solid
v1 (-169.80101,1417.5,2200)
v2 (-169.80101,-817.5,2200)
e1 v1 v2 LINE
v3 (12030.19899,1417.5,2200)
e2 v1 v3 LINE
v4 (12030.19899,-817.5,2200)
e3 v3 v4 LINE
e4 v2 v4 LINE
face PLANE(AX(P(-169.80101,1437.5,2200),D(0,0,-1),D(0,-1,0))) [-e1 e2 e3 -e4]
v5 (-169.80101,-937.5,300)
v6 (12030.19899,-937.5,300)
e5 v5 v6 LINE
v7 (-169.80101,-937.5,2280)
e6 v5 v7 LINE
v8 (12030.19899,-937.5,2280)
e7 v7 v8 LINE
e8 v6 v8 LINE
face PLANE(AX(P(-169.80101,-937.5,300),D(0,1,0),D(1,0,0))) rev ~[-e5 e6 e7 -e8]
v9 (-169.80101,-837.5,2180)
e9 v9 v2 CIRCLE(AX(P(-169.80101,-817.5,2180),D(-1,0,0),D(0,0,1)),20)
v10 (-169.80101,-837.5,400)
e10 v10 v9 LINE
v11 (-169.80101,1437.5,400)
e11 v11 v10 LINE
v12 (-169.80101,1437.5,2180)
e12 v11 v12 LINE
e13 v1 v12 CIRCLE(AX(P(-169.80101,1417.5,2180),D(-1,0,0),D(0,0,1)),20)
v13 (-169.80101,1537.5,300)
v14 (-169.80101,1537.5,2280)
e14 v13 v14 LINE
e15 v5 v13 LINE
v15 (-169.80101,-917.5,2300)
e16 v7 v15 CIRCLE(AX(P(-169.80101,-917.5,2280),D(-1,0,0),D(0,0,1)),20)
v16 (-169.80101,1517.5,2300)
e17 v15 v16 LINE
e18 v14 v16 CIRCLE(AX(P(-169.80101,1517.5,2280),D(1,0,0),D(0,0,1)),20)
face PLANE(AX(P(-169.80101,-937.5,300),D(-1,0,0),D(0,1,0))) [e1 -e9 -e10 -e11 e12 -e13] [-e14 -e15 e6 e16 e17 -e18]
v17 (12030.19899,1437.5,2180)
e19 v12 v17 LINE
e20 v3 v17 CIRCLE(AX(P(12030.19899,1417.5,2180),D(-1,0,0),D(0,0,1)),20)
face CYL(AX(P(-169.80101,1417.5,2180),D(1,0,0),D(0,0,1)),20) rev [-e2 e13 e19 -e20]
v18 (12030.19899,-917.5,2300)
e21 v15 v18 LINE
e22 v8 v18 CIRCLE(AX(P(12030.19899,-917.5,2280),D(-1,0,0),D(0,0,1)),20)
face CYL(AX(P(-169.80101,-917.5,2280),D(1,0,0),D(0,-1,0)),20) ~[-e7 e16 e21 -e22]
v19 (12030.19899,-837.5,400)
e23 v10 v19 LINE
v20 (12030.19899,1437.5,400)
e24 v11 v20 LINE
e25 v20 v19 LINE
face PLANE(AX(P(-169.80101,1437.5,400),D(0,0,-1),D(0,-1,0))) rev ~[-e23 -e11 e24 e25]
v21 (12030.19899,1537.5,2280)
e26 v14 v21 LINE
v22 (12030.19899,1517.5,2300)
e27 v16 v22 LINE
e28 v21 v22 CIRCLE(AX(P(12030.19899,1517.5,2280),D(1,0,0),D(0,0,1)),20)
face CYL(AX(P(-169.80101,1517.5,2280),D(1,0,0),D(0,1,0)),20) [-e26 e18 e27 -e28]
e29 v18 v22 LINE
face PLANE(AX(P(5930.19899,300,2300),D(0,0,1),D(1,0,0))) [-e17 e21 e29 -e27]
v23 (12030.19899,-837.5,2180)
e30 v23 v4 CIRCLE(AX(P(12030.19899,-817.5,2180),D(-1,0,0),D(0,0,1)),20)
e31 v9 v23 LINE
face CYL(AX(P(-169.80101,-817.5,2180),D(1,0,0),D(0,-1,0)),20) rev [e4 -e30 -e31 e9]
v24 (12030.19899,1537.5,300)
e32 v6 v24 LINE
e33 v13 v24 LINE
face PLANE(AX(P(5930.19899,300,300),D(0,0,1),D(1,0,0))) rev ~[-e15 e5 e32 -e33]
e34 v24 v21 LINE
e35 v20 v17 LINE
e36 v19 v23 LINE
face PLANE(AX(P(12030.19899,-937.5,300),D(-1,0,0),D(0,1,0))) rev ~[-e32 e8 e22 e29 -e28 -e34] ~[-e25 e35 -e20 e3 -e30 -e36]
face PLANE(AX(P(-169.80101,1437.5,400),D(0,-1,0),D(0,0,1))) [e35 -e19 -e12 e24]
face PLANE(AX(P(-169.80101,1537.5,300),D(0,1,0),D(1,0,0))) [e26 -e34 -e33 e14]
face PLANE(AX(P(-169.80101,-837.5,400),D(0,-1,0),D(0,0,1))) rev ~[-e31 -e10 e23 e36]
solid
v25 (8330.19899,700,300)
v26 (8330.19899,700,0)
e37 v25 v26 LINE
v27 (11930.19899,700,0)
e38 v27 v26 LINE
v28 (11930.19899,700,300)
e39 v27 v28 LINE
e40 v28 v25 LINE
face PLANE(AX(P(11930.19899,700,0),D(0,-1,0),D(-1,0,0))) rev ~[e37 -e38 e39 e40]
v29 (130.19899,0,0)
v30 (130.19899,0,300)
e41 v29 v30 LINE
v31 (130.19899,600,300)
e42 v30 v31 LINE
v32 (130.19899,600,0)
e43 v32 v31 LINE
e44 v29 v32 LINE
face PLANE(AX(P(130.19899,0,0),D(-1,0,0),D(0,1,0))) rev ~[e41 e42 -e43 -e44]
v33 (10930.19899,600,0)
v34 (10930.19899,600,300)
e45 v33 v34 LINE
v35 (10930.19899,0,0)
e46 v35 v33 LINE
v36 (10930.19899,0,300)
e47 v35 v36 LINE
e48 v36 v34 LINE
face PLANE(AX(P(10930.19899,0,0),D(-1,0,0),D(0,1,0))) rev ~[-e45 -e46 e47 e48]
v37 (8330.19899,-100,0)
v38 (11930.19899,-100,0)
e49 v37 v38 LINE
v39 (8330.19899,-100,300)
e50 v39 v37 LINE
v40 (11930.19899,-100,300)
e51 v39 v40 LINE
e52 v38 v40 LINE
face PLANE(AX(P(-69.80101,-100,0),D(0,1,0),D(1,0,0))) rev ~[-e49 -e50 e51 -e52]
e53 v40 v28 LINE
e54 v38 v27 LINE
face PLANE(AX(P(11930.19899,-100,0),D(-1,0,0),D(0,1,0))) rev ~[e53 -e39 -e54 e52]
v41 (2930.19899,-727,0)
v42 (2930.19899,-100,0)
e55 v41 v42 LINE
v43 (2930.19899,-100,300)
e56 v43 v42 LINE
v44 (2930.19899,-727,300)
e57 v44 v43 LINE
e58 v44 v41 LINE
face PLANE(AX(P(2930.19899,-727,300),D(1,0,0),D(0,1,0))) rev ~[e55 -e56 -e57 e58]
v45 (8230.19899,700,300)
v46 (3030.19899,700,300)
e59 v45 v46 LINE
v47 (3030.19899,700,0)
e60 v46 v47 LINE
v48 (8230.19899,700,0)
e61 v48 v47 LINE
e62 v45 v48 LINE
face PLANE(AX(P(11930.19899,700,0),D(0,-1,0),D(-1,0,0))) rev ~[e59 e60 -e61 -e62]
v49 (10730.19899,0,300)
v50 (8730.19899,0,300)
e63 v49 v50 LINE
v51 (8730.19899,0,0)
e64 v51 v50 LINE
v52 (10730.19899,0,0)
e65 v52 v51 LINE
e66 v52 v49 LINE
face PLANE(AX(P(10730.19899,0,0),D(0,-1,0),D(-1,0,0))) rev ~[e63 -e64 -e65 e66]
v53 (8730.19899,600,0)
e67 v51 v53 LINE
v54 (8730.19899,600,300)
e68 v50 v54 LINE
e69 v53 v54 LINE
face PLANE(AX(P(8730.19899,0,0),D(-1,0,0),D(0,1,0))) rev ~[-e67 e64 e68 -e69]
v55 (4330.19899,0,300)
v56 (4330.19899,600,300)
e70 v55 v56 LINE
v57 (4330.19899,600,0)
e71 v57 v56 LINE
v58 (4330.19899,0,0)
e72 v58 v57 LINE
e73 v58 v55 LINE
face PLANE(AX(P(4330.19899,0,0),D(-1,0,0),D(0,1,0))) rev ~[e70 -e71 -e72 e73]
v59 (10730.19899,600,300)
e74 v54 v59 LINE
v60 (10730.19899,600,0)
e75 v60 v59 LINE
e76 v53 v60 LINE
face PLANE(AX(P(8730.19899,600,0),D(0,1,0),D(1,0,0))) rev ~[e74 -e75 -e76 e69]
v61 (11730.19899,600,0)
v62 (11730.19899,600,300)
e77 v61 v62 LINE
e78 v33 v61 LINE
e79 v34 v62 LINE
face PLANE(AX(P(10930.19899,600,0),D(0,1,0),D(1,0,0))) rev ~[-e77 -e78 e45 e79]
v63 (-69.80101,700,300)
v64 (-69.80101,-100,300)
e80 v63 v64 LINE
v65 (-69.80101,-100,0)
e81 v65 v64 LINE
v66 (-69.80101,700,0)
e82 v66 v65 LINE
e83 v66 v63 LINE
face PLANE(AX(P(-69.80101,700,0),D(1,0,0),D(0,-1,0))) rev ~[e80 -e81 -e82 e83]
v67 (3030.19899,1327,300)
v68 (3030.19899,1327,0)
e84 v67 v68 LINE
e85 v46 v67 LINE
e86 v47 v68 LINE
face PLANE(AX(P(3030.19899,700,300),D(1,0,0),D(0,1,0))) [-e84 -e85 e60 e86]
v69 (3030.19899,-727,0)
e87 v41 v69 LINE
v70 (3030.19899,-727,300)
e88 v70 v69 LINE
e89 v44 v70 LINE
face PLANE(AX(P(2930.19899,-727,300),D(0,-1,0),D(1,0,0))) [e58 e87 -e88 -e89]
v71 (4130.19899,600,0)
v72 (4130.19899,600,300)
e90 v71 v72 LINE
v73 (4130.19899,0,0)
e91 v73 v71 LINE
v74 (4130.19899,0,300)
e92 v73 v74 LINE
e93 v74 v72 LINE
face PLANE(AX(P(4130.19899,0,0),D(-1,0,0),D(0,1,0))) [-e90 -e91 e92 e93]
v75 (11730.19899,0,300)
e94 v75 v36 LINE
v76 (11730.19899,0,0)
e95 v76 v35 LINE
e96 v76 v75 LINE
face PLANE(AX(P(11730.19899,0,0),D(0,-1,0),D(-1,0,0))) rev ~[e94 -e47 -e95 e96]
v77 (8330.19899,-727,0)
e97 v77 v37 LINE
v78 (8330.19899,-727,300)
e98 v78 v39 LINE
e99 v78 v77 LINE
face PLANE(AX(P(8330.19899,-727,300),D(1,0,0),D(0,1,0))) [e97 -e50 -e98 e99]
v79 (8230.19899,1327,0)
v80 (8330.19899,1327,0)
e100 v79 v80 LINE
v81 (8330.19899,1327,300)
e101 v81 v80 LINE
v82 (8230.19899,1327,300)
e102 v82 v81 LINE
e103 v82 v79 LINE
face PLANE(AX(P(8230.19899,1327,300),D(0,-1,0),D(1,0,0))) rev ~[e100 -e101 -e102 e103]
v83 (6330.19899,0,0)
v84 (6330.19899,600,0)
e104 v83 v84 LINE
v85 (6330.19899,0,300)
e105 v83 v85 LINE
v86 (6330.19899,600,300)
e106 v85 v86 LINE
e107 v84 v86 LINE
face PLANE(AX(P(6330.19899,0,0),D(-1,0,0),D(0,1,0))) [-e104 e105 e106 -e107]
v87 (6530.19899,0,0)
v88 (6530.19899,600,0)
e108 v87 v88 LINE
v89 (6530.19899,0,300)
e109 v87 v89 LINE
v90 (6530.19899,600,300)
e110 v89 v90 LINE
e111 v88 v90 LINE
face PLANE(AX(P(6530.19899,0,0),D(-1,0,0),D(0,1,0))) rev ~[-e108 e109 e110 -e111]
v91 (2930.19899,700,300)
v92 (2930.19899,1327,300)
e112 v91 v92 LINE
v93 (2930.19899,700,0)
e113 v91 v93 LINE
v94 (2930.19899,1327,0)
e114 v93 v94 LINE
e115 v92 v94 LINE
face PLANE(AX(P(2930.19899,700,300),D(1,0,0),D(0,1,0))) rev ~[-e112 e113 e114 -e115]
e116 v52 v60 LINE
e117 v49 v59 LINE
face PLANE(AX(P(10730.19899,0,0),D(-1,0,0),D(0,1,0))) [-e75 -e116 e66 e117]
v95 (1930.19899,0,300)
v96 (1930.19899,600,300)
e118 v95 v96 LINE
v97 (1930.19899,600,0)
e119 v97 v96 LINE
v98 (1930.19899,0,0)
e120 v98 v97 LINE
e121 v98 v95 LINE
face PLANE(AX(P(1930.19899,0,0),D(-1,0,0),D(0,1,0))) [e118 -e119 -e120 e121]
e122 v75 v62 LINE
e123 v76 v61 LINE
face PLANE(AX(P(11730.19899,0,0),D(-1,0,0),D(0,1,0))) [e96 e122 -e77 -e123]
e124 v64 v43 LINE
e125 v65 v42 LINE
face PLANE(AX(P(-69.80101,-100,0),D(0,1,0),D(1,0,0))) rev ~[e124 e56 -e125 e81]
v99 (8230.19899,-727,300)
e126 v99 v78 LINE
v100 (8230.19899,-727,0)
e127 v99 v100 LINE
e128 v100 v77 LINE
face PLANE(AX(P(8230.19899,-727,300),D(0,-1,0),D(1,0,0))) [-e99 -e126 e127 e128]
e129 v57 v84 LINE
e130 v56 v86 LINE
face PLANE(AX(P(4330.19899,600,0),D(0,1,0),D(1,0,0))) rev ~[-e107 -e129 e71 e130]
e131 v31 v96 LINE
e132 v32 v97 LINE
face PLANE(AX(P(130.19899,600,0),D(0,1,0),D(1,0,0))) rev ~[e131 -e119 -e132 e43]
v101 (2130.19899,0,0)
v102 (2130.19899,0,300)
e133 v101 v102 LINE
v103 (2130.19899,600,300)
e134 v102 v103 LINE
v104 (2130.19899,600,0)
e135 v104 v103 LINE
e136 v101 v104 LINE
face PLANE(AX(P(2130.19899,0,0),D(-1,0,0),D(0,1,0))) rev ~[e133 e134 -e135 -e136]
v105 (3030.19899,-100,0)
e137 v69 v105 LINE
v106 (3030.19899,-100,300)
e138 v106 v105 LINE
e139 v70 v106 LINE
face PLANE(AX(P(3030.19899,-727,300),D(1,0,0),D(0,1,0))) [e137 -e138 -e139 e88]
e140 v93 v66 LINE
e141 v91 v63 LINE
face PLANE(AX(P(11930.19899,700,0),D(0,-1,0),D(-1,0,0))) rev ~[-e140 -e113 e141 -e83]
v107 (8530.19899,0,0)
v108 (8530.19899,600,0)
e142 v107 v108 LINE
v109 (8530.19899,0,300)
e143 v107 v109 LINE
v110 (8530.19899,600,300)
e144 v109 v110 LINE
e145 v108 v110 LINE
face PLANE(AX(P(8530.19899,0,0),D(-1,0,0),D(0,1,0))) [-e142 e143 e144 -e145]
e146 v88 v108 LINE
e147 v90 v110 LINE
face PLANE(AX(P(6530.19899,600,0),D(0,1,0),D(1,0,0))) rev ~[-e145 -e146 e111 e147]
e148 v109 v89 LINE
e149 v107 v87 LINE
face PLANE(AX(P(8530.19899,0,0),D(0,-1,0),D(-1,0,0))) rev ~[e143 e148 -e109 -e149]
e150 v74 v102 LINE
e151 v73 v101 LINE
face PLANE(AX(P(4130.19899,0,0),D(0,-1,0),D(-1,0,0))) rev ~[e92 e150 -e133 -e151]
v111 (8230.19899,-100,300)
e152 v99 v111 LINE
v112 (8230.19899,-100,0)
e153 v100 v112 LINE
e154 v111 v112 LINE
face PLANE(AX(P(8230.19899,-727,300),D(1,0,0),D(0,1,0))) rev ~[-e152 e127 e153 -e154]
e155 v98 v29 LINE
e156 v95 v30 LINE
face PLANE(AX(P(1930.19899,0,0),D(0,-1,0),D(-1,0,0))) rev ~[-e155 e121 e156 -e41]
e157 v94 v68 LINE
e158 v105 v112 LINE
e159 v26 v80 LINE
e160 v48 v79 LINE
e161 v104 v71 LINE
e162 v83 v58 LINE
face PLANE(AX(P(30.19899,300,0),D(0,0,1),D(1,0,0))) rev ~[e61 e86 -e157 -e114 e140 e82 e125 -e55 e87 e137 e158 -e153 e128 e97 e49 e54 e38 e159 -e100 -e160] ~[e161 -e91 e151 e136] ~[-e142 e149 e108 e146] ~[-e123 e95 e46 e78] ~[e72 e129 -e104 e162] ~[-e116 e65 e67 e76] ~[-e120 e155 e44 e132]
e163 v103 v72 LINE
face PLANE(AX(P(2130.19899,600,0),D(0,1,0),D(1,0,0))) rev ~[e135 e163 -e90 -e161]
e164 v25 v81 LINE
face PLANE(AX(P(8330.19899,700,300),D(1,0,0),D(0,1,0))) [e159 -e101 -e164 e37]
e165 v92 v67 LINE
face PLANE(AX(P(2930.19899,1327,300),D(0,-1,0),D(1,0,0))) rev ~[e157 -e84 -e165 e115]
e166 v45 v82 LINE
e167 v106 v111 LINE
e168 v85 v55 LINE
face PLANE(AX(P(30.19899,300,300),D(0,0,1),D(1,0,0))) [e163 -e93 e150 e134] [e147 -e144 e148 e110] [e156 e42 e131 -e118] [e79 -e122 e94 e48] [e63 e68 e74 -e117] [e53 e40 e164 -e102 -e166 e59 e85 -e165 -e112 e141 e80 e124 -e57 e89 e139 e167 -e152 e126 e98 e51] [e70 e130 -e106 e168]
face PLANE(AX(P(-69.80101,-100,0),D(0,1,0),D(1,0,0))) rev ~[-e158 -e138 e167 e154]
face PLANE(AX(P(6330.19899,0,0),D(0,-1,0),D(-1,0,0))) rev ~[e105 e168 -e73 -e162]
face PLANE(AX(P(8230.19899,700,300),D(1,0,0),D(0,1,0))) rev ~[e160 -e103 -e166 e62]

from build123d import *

# Parameters (mm, degrees)
F0_W     = 200
F0_H     = 600
F1_DEPTH = 300
F2_W     = 100
F2_H     = 627
F3_DEPTH = 300
F4_W     = 12200
F4_H     = 2475
F4_W_2   = 1800
F4_H_2   = 600
F4_W_3   = 2000
F4_W_4   = 800
F5_DEPTH = 2000
F6_R     = 20
F7_W     = 2275
F7_H     = 1800
F8_DEPTH = 12500
F9_R     = 20


with BuildPart() as f1:
    # F0 (on Top) → F1 (new body)
    with BuildSketch(Plane.XY):
        with Locations((30.1989898086, 300)):
            Rectangle(F0_W, F0_H)
        with Locations((2030.1989898086, 300)):
            Rectangle(F0_W, F0_H)
        Polygon((130.1989898086, 0), (-69.8010101914, 0), (-69.8010101914, -100), (11930.1989898086, -100), (11930.1989898086, 0), (11730.1989898086, 0), (10930.1989898086, 0), (10730.1989898086, 0), (8730.1989898086, 0), (8530.1989898086, 0), (6530.1989898086, 0), (6330.1989898086, 0), (4330.1989898086, 0), (4130.1989898086, 0), (2130.1989898086, 0), (1930.1989898086, 0), align=None)
        Polygon((-69.8010101914, 700), (-69.8010101914, 600), (130.1989898086, 600), (1930.1989898086, 600), (2130.1989898086, 600), (4130.1989898086, 600), (4330.1989898086, 600), (6330.1989898086, 600), (6530.1989898086, 600), (8530.1989898086, 600), (8730.1989898086, 600), (10730.1989898086, 600), (10930.1989898086, 600), (11730.1989898086, 600), (11930.1989898086, 600), (11930.1989898086, 700), align=None)
        with Locations((4230.1989898086, 300)):
            Rectangle(F0_W, F0_H)
        with Locations((6430.1989898086, 300)):
            Rectangle(F0_W, F0_H)
        with Locations((8630.1989898086, 300)):
            Rectangle(F0_W, F0_H)
        with Locations((10830.1989898086, 300)):
            Rectangle(F0_W, F0_H)
        with Locations((11830.1989898086, 300)):
            Rectangle(F0_W, F0_H)
    extrude(amount=F1_DEPTH)

    # F2 (on face) → F3 (join)
    with BuildSketch(Plane.XY.offset(300)):
        with Locations((2980.1989898086, -413.5)):
            Rectangle(F2_W, F2_H)
        with Locations((2980.1989898086, 1013.5)):
            Rectangle(F2_W, F2_H)
        with Locations((8280.1989898086, -413.5)):
            Rectangle(F2_W, F2_H)
        with Locations((8280.1989898086, 1013.5)):
            Rectangle(F2_W, F2_H)
    extrude(amount=-F3_DEPTH)


with BuildPart() as f5:
    # F4 (on face) → F5 (new body)
    with BuildSketch(Plane.XY.offset(300)):
        with Locations((5930.1989898086, 300)):
            Rectangle(F4_W, F4_H)
        Polygon((2930.1989898086, -100), (-69.8010101914, -100), (-69.8010101914, 700), (2930.1989898086, 700), (2930.1989898086, 1327), (3030.1989898086, 1327), (3030.1989898086, 700), (8230.1989898086, 700), (8230.1989898086, 1327), (8330.1989898086, 1327), (8330.1989898086, 700), (11930.1989898086, 700), (11930.1989898086, -100), (8330.1989898086, -100), (8330.1989898086, -727), (8230.1989898086, -727), (8230.1989898086, -100), (3030.1989898086, -100), (3030.1989898086, -727), (2930.1989898086, -727), align=None, mode=Mode.SUBTRACT)
        Polygon((-69.8010101914, 700), (-69.8010101914, -100), (2930.1989898086, -100), (2930.1989898086, -727), (3030.1989898086, -727), (3030.1989898086, -100), (8230.1989898086, -100), (8230.1989898086, -727), (8330.1989898086, -727), (8330.1989898086, -100), (11930.1989898086, -100), (11930.1989898086, 700), (8330.1989898086, 700), (8330.1989898086, 1327), (8230.1989898086, 1327), (8230.1989898086, 700), (3030.1989898086, 700), (3030.1989898086, 1327), (2930.1989898086, 1327), (2930.1989898086, 700), align=None)
        with Locations((1030.1989898086, 300)):
            Rectangle(F4_W_2, F4_H_2, mode=Mode.SUBTRACT)
        with Locations((3130.1989898086, 300)):
            Rectangle(F4_W_3, F4_H_2, mode=Mode.SUBTRACT)
        with Locations((5330.1989898086, 300)):
            Rectangle(F4_W_3, F4_H_2, mode=Mode.SUBTRACT)
        with Locations((7530.1989898086, 300)):
            Rectangle(F4_W_3, F4_H_2, mode=Mode.SUBTRACT)
        with Locations((9730.1989898086, 300)):
            Rectangle(F4_W_3, F4_H_2, mode=Mode.SUBTRACT)
        with Locations((11330.1989898086, 300)):
            Rectangle(F4_W_4, F4_H_2, mode=Mode.SUBTRACT)
        with Locations((5330.1989898086, 300)):
            Rectangle(F4_W_3, F4_H_2)
        with Locations((3130.1989898086, 300)):
            Rectangle(F4_W_3, F4_H_2)
        with Locations((7530.1989898086, 300)):
            Rectangle(F4_W_3, F4_H_2)
        with Locations((1030.1989898086, 300)):
            Rectangle(F4_W_2, F4_H_2)
        with Locations((9730.1989898086, 300)):
            Rectangle(F4_W_3, F4_H_2)
        with Locations((11330.1989898086, 300)):
            Rectangle(F4_W_4, F4_H_2)
    extrude(amount=F5_DEPTH)

    # F6
    f6_edges = [f5.edges().sort_by_distance(p)[0] for p in [
        (5930.19899, 1537.5, 2300),
        (5930.19899, -937.5, 2300),
    ]]
    fillet(f6_edges, radius=F6_R)

    # F7 (on face) → F8 (cut)
    with BuildSketch(Plane(origin=(-169.8010101914, 0, 0), x_dir=(0, -1, 0), z_dir=(-1, 0, 0))):
        with Locations((-300, 1300)):
            Rectangle(F7_W, F7_H)
    extrude(amount=-F8_DEPTH, mode=Mode.SUBTRACT)

    # F9
    f9_edges = [f5.edges().sort_by_distance(p)[0] for p in [
        (5930.19899, 1437.5, 2200),
        (5930.19899, -837.5, 2200),
    ]]
    fillet(f9_edges, radius=F9_R)


solid = Compound([f1.part, f5.part])
